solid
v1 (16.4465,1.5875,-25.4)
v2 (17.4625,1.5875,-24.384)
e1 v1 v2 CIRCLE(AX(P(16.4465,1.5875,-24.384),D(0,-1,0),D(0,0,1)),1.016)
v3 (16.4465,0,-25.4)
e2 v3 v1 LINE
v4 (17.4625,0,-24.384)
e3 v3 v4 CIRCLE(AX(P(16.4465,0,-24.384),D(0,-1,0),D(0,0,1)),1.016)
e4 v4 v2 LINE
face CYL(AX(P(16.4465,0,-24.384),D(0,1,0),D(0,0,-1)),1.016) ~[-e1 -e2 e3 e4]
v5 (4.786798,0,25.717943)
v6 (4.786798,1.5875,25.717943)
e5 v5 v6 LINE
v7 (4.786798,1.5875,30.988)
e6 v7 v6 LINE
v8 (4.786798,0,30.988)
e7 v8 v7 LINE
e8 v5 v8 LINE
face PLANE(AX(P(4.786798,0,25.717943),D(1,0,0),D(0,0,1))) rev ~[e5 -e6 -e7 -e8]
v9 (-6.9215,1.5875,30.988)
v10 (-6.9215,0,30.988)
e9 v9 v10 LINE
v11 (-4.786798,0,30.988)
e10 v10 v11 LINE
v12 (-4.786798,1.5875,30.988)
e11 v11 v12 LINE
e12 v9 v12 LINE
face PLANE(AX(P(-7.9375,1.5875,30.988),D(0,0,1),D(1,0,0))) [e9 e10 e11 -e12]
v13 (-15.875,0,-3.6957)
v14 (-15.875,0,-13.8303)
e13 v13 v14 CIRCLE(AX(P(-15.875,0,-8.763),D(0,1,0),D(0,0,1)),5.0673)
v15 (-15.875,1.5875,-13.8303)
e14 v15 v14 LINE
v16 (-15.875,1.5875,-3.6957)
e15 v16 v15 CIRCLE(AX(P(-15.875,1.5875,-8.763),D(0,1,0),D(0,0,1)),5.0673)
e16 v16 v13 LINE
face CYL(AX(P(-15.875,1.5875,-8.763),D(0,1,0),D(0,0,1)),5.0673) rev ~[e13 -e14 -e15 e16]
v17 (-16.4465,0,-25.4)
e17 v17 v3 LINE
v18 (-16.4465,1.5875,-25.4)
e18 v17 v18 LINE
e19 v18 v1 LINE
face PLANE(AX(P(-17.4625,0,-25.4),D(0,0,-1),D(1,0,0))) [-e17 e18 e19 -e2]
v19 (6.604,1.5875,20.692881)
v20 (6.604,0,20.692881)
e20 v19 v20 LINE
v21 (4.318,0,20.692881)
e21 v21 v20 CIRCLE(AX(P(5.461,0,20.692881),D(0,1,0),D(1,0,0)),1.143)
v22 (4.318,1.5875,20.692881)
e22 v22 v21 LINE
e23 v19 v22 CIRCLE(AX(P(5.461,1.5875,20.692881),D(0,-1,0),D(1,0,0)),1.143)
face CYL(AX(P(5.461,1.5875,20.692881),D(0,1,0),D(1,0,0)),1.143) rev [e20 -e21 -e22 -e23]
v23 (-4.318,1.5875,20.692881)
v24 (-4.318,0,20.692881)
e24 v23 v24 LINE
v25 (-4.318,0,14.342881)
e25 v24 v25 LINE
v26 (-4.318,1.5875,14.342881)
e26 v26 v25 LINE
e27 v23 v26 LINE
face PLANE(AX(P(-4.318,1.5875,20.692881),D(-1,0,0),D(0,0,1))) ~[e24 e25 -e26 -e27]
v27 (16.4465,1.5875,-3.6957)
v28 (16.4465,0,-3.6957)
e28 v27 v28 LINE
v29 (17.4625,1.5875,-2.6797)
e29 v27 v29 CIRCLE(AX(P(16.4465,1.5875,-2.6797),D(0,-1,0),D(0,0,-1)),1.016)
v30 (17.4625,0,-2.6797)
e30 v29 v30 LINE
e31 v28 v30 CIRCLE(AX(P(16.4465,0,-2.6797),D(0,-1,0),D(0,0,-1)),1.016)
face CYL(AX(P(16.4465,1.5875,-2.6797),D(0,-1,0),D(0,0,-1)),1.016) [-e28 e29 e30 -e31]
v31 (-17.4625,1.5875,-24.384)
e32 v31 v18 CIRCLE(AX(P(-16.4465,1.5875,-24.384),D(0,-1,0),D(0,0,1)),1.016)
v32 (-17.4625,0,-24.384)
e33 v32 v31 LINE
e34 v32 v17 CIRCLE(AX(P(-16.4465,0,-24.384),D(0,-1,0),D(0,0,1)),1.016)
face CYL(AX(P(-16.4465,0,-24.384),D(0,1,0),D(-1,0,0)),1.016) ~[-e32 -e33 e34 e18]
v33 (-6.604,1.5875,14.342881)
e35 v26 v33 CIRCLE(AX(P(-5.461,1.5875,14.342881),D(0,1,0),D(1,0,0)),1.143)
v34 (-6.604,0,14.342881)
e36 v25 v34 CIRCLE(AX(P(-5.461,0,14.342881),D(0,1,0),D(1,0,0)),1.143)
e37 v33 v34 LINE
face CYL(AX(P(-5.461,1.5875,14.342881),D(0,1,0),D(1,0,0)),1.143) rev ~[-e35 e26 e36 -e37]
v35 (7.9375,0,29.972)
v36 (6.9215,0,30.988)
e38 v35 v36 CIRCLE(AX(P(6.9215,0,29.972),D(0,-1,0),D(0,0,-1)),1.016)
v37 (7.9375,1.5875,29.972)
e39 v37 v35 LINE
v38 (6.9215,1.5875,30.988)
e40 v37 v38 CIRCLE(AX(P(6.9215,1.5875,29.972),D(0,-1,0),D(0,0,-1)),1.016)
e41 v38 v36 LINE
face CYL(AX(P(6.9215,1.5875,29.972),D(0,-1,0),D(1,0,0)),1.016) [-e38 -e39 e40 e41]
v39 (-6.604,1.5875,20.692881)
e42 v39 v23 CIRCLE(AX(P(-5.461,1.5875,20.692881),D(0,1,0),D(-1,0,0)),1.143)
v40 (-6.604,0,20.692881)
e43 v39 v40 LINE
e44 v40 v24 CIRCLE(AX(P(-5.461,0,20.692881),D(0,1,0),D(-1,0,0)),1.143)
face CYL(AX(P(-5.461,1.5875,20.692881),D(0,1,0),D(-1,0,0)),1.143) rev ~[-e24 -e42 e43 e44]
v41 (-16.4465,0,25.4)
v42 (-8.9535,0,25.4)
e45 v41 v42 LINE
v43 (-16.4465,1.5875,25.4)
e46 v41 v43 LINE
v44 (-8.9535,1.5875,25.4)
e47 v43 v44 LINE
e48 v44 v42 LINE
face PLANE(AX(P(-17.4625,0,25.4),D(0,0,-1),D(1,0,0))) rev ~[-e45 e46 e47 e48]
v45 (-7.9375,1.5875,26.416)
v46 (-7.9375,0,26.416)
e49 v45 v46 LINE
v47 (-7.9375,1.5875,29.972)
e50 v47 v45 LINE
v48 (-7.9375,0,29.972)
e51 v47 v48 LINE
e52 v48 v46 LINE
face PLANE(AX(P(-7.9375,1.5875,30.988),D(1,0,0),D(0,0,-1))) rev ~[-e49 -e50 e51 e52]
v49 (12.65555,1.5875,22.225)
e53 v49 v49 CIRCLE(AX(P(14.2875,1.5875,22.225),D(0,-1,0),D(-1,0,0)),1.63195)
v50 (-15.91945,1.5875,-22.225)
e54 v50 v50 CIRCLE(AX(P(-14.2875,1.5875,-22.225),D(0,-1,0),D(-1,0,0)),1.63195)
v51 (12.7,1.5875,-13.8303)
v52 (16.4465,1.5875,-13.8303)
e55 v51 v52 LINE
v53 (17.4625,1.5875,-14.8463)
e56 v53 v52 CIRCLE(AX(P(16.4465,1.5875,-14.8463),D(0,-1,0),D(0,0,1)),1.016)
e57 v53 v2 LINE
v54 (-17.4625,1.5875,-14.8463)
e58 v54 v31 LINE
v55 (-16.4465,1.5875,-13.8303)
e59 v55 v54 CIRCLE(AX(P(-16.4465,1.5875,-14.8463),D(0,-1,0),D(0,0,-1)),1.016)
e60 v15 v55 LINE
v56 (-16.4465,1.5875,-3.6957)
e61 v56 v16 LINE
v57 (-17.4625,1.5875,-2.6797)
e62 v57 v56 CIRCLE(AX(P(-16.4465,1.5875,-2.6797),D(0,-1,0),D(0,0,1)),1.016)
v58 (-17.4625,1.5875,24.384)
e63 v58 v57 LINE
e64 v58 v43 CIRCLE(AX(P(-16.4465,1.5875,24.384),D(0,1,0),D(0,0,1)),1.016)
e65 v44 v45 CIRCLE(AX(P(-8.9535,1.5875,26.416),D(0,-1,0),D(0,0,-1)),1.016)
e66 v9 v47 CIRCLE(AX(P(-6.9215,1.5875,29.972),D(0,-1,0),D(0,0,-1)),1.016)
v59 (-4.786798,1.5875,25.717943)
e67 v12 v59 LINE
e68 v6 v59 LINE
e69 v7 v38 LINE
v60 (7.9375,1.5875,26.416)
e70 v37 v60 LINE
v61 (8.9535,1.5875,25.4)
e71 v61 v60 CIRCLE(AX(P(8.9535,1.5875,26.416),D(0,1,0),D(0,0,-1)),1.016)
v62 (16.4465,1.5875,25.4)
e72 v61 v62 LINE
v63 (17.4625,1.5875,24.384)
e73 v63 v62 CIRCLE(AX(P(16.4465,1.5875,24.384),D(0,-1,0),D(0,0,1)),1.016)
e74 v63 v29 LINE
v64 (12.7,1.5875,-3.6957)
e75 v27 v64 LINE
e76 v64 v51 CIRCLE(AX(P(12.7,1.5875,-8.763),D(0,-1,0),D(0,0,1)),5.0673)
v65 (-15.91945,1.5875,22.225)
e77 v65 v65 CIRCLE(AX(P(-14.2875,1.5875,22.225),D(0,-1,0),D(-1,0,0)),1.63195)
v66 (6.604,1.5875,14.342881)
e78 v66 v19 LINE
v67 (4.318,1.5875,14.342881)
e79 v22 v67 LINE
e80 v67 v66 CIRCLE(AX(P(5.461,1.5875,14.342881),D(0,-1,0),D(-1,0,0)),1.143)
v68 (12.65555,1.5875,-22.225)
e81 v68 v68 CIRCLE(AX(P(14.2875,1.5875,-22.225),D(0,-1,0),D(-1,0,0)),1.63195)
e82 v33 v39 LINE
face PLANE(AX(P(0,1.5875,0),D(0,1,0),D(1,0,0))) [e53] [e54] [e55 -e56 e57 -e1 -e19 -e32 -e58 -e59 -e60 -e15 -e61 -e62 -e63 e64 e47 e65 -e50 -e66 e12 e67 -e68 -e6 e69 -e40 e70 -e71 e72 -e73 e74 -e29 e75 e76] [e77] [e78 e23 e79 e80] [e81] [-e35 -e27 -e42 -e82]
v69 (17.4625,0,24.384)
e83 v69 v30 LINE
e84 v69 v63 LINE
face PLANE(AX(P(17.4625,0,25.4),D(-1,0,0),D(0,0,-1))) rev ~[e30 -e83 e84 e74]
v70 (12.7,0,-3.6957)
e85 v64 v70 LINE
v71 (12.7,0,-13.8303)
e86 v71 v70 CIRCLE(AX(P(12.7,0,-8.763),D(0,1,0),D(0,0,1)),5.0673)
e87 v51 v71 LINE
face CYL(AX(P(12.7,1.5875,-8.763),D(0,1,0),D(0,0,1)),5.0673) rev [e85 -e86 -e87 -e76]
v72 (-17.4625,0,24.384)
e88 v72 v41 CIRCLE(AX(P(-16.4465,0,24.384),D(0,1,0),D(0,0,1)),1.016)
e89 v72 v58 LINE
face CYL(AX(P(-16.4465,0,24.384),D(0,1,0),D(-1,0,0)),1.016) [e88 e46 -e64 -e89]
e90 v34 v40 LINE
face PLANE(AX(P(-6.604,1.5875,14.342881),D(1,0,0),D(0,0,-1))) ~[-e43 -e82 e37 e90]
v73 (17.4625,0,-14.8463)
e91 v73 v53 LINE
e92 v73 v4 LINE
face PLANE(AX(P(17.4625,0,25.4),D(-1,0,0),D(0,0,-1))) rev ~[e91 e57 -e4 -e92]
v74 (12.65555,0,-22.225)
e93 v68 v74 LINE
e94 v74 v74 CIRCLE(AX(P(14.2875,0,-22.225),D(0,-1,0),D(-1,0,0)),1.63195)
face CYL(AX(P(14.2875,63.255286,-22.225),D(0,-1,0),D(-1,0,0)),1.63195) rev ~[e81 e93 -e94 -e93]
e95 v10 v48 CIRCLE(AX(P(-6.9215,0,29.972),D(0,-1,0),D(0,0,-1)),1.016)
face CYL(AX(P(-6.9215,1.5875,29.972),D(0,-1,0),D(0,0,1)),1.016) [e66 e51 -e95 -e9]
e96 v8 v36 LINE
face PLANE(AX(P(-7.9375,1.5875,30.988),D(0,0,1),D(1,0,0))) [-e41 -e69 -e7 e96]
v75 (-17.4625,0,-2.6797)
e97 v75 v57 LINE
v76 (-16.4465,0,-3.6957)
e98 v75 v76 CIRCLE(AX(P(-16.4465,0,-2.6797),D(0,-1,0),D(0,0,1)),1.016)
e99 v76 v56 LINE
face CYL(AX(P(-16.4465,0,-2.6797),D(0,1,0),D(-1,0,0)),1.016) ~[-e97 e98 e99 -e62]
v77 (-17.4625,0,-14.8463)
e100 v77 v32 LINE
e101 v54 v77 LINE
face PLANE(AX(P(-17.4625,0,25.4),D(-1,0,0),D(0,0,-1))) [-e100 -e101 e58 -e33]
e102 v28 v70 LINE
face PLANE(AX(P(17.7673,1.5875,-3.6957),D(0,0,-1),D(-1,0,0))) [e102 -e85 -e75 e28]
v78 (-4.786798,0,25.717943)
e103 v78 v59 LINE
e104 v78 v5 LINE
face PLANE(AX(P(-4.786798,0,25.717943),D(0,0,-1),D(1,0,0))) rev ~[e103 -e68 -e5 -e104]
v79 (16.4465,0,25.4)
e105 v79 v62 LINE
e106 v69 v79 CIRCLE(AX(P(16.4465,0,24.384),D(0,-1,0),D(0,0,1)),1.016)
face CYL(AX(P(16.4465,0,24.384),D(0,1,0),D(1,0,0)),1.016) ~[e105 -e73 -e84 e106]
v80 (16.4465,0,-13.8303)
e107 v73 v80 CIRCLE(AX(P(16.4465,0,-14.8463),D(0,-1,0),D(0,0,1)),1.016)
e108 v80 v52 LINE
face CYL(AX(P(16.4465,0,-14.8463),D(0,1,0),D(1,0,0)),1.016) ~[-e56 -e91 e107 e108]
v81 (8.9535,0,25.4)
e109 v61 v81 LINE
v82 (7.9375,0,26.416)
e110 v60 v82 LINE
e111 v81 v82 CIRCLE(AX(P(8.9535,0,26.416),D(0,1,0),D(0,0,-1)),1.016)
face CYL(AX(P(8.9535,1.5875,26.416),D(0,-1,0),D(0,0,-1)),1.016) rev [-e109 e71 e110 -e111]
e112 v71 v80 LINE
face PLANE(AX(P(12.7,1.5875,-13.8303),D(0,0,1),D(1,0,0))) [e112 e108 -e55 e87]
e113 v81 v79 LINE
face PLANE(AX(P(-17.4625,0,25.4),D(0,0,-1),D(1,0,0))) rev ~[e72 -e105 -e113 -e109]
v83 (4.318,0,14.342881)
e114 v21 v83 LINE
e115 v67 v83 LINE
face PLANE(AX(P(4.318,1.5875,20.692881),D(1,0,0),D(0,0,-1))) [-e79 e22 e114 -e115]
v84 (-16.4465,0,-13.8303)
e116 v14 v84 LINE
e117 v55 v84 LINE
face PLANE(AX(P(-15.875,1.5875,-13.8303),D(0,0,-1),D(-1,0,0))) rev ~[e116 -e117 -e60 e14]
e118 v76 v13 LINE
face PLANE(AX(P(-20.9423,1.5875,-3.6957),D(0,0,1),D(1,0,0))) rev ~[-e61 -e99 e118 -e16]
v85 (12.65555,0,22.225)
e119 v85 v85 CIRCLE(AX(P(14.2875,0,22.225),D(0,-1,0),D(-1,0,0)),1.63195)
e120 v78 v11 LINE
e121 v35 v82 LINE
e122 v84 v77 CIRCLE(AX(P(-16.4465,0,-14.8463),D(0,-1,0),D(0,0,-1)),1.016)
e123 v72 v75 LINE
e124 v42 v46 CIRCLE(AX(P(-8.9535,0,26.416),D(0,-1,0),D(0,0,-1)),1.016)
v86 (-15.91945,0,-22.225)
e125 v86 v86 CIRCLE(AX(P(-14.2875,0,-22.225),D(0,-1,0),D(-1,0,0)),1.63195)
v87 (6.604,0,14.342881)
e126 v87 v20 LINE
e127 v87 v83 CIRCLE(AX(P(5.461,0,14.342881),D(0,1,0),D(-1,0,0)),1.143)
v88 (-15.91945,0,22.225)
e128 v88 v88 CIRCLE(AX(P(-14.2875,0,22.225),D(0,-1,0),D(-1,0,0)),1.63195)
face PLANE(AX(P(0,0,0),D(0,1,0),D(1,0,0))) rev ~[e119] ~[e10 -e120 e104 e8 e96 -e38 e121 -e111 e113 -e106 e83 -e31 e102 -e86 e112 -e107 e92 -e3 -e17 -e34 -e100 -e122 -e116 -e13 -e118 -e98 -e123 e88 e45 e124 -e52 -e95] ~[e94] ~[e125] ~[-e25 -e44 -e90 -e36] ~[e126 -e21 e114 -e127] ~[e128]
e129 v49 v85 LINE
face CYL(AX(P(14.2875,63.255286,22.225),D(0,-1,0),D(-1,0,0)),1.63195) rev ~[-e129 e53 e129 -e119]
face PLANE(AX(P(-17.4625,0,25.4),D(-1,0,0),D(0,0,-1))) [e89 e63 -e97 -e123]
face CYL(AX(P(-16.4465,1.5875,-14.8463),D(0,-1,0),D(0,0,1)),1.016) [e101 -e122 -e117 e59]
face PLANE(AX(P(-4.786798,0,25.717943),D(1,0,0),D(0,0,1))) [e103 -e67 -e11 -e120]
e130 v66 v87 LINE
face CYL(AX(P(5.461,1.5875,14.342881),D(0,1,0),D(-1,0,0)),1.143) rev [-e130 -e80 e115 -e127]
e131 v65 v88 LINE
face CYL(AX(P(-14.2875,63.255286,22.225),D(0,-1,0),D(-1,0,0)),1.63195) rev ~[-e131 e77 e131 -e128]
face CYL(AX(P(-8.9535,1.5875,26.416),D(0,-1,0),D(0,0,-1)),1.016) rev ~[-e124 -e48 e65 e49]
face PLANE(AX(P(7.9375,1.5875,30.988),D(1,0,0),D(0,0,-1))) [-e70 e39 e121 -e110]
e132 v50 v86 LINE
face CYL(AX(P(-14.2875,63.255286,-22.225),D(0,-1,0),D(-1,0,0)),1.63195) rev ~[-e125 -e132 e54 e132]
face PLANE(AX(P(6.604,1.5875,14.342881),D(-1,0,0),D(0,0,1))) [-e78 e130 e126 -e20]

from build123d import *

# Parameters (mm, degrees)
SKETCH1_W             = 34.925
SKETCH1_H             = 50.8
BOSS_EXTRUDE1_DEPTH   = 1.5875
F_4_CLEARANCE_HOLE1_D = 3.2639
SKETCH6_W             = 15.875
SKETCH6_H             = 5.588
BOSS_EXTRUDE2_DEPTH   = 1.5875
CUT_EXTRUDE1_DEPTH    = 36.604988506
CUT_EXTRUDE2_DEPTH    = 36.604988506
SKETCH9_W             = 9.573595876
SKETCH9_H             = 10.540114366
CUT_EXTRUDE3_DEPTH    = 36.604988506
FILLET1_R             = 1.016


with BuildPart() as part:
    # Sketch1 → Boss-Extrude1 (new body)
    with BuildSketch(Plane(origin=(0, 0, 0), x_dir=(1, 0, 0), z_dir=(0, 1, 0))):
        Rectangle(SKETCH1_W, SKETCH1_H)
    extrude(amount=BOSS_EXTRUDE1_DEPTH)

    # #4 Clearance Hole1 (through all)
    with Locations(Plane(origin=(0, 1.5875, 0), x_dir=(1, 0, 0), z_dir=(0, 1, 0))):
        with Locations((-14.2875, 22.225), (14.2875, 22.225), (14.2875, -22.225), (-14.2875, -22.225)):
            Hole(F_4_CLEARANCE_HOLE1_D / 2)

    # Sketch6 → Boss-Extrude2 (add)
    with BuildSketch(Plane(origin=(0, 1.5875, 0), x_dir=(1, 0, 0), z_dir=(0, 1, 0))):
        with Locations((0, -28.194)):
            Rectangle(SKETCH6_W, SKETCH6_H)
    extrude(amount=-BOSS_EXTRUDE2_DEPTH)

    # Sketch7 → Cut-Extrude1 (cut, through all)
    with BuildSketch(Plane(origin=(0, 1.5875, 0), x_dir=(1, 0, 0), z_dir=(0, 1, 0))):
        with BuildLine():
            Line((-15.875, 13.8303), (-20.9423, 13.8303))
            Line((-20.9423, 13.8303), (-20.9423, 8.763))
            Line((-20.9423, 8.763), (-20.9423, 3.6957))
            Line((-20.9423, 3.6957), (-15.875, 3.6957))
            ThreePointArc((-15.875, 3.6957), (-10.8077, 8.763), (-15.875, 13.8303))
        make_face()
        with BuildLine():
            Line((12.7, 13.8303), (17.7673, 13.8303))
            Line((17.7673, 13.8303), (17.7673, 8.763))
            Line((17.7673, 8.763), (17.7673, 3.6957))
            Line((17.7673, 3.6957), (12.7, 3.6957))
            ThreePointArc((12.7, 3.6957), (7.6327, 8.763), (12.7, 13.8303))
        make_face()
    extrude(amount=-CUT_EXTRUDE1_DEPTH, mode=Mode.SUBTRACT)

    # Sketch8 → Cut-Extrude2 (cut, through all)
    with BuildSketch(Plane(origin=(0, 1.5875, 0), x_dir=(1, 0, 0), z_dir=(0, 1, 0))):
        with BuildLine():
            Line((6.604, -14.342881029), (6.604, -20.692881029))
            ThreePointArc((6.604, -20.692881029), (5.461, -21.835881029), (4.318, -20.692881029))
            Line((4.318, -20.692881029), (4.318, -14.342881029))
            ThreePointArc((4.318, -14.342881029), (5.461, -13.199881029), (6.604, -14.342881029))
        make_face()
    cut_extrude2 = extrude(amount=-CUT_EXTRUDE2_DEPTH, mode=Mode.SUBTRACT)

    # Mirror1: Cut-Extrude2 across plane
    add(cut_extrude2.mirror(Plane(origin=(0, 0, 0), x_dir=(0, 0, 1), z_dir=(1, 0, 0))), mode=Mode.SUBTRACT)

    # Sketch9 → Cut-Extrude3 (cut, through all)
    with BuildSketch(Plane.XZ):
        with Locations((0, 30.988)):
            Rectangle(SKETCH9_W, SKETCH9_H)
    extrude(amount=-CUT_EXTRUDE3_DEPTH, mode=Mode.SUBTRACT)

    # Fillet1
    fillet1_edges = [part.edges().sort_by_distance(p)[0] for p in [
        (-7.9375, 0.79375, 25.4),
        (7.9375, 0.79375, 25.4),
        (7.9375, 0.79375, 30.988),
        (-7.9375, 0.79375, 30.988),
        (-17.4625, 0.79375, -3.6957),
        (-17.4625, 0.79375, -13.8303),
        (17.4625, 0.79375, -13.8303),
        (17.4625, 0.79375, -3.6957),
        (-17.4625, 0.79375, 25.4),
        (-17.4625, 0.79375, -25.4),
        (17.4625, 0.79375, -25.4),
        (17.4625, 0.79375, 25.4),
    ]]
    fillet(fillet1_edges, radius=FILLET1_R)


solid = part.part
